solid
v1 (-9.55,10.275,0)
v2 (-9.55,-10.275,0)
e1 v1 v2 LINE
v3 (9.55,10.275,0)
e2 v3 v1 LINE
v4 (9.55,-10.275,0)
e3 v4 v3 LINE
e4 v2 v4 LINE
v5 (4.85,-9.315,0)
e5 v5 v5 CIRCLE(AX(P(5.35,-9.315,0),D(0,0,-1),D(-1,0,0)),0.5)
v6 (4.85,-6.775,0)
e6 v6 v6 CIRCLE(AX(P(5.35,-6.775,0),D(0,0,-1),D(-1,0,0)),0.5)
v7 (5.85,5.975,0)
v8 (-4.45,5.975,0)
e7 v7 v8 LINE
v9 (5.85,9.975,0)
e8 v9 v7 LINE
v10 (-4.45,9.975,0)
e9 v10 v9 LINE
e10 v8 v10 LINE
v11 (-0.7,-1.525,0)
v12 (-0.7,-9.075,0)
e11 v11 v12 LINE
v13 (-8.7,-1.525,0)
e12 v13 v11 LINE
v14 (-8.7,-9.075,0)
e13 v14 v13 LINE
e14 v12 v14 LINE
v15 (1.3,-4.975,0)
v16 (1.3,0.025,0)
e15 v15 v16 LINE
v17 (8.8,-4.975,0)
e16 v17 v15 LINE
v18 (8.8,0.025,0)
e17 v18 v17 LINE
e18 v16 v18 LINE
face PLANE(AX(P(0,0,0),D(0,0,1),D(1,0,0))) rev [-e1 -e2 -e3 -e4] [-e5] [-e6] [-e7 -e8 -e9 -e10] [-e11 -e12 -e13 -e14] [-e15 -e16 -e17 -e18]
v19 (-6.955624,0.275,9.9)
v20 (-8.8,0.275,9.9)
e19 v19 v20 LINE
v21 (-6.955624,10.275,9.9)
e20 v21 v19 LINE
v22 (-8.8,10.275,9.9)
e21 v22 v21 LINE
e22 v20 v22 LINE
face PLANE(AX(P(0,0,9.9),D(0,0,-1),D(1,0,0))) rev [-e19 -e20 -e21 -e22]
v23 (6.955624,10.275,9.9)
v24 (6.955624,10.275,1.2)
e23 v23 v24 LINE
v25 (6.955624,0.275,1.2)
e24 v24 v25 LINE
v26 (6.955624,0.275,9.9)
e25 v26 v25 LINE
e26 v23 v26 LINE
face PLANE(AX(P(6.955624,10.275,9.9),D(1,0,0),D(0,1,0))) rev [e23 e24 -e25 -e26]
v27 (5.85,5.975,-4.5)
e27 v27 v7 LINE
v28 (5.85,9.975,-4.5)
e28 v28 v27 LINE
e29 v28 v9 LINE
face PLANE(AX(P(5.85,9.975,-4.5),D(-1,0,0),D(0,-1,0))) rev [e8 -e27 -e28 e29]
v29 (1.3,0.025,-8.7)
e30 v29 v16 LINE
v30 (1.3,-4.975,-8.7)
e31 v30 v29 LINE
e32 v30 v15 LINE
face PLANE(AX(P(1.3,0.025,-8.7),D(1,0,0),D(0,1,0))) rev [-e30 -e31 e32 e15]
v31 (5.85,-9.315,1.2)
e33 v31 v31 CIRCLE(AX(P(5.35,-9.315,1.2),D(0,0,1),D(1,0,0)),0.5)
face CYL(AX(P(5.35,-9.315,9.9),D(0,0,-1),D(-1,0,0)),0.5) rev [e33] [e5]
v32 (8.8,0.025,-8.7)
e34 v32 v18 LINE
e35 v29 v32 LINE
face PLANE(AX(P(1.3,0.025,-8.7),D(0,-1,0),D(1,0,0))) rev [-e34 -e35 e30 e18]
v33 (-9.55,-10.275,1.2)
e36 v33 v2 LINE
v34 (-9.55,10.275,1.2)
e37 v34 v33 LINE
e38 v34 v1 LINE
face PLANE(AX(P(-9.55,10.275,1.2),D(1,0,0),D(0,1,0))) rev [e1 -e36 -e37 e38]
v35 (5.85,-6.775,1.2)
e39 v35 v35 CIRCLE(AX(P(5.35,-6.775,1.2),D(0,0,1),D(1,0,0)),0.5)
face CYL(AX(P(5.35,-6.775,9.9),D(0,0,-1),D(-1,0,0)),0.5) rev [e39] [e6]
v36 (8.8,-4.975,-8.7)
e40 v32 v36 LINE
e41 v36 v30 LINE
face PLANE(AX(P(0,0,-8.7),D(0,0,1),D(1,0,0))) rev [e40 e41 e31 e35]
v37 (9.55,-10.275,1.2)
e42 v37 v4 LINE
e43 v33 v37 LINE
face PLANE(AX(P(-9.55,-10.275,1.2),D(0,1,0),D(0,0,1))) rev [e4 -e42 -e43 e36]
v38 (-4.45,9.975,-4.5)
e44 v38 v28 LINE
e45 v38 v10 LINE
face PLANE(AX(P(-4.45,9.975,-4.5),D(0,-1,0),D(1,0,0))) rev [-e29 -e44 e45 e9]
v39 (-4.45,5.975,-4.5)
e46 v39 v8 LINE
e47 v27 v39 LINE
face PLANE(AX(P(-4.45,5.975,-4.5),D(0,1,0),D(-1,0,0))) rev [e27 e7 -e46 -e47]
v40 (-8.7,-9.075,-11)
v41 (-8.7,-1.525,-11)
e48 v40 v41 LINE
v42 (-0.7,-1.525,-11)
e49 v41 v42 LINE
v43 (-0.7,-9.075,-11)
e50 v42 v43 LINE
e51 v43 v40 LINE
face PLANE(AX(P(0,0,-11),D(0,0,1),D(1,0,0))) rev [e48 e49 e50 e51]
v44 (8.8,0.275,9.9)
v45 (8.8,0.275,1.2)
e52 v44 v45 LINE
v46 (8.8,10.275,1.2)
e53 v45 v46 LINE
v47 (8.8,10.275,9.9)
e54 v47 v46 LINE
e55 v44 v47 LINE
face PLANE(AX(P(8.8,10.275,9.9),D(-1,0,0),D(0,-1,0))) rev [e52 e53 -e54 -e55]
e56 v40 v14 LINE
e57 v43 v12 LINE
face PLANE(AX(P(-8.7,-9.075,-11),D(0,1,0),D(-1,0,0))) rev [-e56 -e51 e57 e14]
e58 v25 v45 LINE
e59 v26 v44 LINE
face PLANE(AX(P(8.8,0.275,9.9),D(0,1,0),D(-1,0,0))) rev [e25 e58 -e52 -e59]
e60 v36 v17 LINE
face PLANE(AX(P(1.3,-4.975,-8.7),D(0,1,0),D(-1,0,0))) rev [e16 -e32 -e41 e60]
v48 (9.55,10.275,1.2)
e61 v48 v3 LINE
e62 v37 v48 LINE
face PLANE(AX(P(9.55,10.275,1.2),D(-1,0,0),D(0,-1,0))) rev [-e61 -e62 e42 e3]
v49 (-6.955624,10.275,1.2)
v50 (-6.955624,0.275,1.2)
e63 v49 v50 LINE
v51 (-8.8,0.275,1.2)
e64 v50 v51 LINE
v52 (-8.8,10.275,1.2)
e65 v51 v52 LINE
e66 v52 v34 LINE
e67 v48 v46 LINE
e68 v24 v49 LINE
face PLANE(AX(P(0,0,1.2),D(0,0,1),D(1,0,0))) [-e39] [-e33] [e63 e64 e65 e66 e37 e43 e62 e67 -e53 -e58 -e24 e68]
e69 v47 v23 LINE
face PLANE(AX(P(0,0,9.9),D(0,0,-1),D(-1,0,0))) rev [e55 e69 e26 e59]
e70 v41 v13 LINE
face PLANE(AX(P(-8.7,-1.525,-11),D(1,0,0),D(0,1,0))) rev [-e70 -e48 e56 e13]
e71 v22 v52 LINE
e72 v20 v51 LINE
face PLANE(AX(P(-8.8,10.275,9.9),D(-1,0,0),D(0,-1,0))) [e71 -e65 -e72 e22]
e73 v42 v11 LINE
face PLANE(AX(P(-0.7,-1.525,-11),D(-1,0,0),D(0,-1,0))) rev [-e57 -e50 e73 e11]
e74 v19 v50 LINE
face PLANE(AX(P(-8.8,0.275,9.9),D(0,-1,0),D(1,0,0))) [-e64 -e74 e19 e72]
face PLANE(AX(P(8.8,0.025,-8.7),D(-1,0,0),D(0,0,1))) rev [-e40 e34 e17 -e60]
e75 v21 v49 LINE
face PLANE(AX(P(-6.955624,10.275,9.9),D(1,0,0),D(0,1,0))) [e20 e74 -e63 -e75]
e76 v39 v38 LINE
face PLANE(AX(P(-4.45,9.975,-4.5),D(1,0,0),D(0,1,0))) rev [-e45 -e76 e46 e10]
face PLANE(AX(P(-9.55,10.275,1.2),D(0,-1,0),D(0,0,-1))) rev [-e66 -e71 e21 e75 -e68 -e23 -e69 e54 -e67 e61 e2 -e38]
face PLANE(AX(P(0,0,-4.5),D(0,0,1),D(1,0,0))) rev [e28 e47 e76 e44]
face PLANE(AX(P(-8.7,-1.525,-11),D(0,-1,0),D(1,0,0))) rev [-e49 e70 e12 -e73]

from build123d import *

# Parameters (mm, degrees)
SKETCH_1_W          = 19.1
SKETCH_1_H          = 20.55
EXTRUDE_1_DEPTH     = 1.2
SKETCH_2_W          = 1.844375839
SKETCH_2_H          = 10
EXTRUDE_2_DEPTH     = 8.7
SKETCH_3_W          = 7.5
SKETCH_3_H          = 5
EXTRUDE_3_DEPTH     = 8.7
SKETCH_4_W          = 8
SKETCH_4_H          = 7.55
EXTRUDE_4_DEPTH     = 11
SKETCH_5_W          = 10.3
SKETCH_5_H          = 4
EXTRUDE_5_DEPTH     = 4.5
SKETCH_6_R          = 0.5
CUT_EXTRUDE_1_DEPTH = 18.826332349


with BuildPart() as part:
    # ｽｹｯﾁ1 → ﾎﾞｽ - 押し出し1 (new body)
    with BuildSketch(Plane.XY):
        Rectangle(SKETCH_1_W, SKETCH_1_H)
    extrude(amount=EXTRUDE_1_DEPTH)

    # ｽｹｯﾁ2 → ﾎﾞｽ - 押し出し2 (add)
    with BuildSketch(Plane.XY.offset(1.2)):
        with Locations((7.877812081, 5.275)):
            Rectangle(SKETCH_2_W, SKETCH_2_H)
    extrude_2 = extrude(amount=EXTRUDE_2_DEPTH)

    # ﾐﾗｰ1: ﾎﾞｽ - 押し出し2 across plane
    add(extrude_2.mirror(Plane(origin=(0, 0, 0), x_dir=(0, 0, 1), z_dir=(1, 0, 0))))

    # ｽｹｯﾁ3 → ﾎﾞｽ - 押し出し3 (add)
    with BuildSketch(Plane(origin=(0, 0, 0), x_dir=(-1, 0, 0), z_dir=(0, 0, -1))):
        with Locations((-5.05, -2.475)):
            Rectangle(SKETCH_3_W, SKETCH_3_H)
    extrude(amount=EXTRUDE_3_DEPTH)

    # ｽｹｯﾁ4 → ﾎﾞｽ - 押し出し4 (add)
    with BuildSketch(Plane(origin=(0, 0, 0), x_dir=(-1, 0, 0), z_dir=(0, 0, -1))):
        with Locations((4.7, -5.3)):
            Rectangle(SKETCH_4_W, SKETCH_4_H)
    extrude(amount=EXTRUDE_4_DEPTH)

    # ｽｹｯﾁ5 → ﾎﾞｽ - 押し出し5 (add)
    with BuildSketch(Plane(origin=(0, 0, 0), x_dir=(-1, 0, 0), z_dir=(0, 0, -1))):
        with Locations((-0.7, 7.975)):
            Rectangle(SKETCH_5_W, SKETCH_5_H)
    extrude(amount=EXTRUDE_5_DEPTH)

    # ｽｹｯﾁ6 → ｶｯﾄ - 押し出し1 (cut, through all)
    with BuildSketch(Plane(origin=(0, 0, 0), x_dir=(-1, 0, 0), z_dir=(0, 0, -1))):
        with Locations((-5.35, -6.775)):
            Circle(SKETCH_6_R)
        with Locations((-5.35, -9.315)):
            Circle(SKETCH_6_R)
    extrude(amount=-CUT_EXTRUDE_1_DEPTH, mode=Mode.SUBTRACT)


solid = part.part
